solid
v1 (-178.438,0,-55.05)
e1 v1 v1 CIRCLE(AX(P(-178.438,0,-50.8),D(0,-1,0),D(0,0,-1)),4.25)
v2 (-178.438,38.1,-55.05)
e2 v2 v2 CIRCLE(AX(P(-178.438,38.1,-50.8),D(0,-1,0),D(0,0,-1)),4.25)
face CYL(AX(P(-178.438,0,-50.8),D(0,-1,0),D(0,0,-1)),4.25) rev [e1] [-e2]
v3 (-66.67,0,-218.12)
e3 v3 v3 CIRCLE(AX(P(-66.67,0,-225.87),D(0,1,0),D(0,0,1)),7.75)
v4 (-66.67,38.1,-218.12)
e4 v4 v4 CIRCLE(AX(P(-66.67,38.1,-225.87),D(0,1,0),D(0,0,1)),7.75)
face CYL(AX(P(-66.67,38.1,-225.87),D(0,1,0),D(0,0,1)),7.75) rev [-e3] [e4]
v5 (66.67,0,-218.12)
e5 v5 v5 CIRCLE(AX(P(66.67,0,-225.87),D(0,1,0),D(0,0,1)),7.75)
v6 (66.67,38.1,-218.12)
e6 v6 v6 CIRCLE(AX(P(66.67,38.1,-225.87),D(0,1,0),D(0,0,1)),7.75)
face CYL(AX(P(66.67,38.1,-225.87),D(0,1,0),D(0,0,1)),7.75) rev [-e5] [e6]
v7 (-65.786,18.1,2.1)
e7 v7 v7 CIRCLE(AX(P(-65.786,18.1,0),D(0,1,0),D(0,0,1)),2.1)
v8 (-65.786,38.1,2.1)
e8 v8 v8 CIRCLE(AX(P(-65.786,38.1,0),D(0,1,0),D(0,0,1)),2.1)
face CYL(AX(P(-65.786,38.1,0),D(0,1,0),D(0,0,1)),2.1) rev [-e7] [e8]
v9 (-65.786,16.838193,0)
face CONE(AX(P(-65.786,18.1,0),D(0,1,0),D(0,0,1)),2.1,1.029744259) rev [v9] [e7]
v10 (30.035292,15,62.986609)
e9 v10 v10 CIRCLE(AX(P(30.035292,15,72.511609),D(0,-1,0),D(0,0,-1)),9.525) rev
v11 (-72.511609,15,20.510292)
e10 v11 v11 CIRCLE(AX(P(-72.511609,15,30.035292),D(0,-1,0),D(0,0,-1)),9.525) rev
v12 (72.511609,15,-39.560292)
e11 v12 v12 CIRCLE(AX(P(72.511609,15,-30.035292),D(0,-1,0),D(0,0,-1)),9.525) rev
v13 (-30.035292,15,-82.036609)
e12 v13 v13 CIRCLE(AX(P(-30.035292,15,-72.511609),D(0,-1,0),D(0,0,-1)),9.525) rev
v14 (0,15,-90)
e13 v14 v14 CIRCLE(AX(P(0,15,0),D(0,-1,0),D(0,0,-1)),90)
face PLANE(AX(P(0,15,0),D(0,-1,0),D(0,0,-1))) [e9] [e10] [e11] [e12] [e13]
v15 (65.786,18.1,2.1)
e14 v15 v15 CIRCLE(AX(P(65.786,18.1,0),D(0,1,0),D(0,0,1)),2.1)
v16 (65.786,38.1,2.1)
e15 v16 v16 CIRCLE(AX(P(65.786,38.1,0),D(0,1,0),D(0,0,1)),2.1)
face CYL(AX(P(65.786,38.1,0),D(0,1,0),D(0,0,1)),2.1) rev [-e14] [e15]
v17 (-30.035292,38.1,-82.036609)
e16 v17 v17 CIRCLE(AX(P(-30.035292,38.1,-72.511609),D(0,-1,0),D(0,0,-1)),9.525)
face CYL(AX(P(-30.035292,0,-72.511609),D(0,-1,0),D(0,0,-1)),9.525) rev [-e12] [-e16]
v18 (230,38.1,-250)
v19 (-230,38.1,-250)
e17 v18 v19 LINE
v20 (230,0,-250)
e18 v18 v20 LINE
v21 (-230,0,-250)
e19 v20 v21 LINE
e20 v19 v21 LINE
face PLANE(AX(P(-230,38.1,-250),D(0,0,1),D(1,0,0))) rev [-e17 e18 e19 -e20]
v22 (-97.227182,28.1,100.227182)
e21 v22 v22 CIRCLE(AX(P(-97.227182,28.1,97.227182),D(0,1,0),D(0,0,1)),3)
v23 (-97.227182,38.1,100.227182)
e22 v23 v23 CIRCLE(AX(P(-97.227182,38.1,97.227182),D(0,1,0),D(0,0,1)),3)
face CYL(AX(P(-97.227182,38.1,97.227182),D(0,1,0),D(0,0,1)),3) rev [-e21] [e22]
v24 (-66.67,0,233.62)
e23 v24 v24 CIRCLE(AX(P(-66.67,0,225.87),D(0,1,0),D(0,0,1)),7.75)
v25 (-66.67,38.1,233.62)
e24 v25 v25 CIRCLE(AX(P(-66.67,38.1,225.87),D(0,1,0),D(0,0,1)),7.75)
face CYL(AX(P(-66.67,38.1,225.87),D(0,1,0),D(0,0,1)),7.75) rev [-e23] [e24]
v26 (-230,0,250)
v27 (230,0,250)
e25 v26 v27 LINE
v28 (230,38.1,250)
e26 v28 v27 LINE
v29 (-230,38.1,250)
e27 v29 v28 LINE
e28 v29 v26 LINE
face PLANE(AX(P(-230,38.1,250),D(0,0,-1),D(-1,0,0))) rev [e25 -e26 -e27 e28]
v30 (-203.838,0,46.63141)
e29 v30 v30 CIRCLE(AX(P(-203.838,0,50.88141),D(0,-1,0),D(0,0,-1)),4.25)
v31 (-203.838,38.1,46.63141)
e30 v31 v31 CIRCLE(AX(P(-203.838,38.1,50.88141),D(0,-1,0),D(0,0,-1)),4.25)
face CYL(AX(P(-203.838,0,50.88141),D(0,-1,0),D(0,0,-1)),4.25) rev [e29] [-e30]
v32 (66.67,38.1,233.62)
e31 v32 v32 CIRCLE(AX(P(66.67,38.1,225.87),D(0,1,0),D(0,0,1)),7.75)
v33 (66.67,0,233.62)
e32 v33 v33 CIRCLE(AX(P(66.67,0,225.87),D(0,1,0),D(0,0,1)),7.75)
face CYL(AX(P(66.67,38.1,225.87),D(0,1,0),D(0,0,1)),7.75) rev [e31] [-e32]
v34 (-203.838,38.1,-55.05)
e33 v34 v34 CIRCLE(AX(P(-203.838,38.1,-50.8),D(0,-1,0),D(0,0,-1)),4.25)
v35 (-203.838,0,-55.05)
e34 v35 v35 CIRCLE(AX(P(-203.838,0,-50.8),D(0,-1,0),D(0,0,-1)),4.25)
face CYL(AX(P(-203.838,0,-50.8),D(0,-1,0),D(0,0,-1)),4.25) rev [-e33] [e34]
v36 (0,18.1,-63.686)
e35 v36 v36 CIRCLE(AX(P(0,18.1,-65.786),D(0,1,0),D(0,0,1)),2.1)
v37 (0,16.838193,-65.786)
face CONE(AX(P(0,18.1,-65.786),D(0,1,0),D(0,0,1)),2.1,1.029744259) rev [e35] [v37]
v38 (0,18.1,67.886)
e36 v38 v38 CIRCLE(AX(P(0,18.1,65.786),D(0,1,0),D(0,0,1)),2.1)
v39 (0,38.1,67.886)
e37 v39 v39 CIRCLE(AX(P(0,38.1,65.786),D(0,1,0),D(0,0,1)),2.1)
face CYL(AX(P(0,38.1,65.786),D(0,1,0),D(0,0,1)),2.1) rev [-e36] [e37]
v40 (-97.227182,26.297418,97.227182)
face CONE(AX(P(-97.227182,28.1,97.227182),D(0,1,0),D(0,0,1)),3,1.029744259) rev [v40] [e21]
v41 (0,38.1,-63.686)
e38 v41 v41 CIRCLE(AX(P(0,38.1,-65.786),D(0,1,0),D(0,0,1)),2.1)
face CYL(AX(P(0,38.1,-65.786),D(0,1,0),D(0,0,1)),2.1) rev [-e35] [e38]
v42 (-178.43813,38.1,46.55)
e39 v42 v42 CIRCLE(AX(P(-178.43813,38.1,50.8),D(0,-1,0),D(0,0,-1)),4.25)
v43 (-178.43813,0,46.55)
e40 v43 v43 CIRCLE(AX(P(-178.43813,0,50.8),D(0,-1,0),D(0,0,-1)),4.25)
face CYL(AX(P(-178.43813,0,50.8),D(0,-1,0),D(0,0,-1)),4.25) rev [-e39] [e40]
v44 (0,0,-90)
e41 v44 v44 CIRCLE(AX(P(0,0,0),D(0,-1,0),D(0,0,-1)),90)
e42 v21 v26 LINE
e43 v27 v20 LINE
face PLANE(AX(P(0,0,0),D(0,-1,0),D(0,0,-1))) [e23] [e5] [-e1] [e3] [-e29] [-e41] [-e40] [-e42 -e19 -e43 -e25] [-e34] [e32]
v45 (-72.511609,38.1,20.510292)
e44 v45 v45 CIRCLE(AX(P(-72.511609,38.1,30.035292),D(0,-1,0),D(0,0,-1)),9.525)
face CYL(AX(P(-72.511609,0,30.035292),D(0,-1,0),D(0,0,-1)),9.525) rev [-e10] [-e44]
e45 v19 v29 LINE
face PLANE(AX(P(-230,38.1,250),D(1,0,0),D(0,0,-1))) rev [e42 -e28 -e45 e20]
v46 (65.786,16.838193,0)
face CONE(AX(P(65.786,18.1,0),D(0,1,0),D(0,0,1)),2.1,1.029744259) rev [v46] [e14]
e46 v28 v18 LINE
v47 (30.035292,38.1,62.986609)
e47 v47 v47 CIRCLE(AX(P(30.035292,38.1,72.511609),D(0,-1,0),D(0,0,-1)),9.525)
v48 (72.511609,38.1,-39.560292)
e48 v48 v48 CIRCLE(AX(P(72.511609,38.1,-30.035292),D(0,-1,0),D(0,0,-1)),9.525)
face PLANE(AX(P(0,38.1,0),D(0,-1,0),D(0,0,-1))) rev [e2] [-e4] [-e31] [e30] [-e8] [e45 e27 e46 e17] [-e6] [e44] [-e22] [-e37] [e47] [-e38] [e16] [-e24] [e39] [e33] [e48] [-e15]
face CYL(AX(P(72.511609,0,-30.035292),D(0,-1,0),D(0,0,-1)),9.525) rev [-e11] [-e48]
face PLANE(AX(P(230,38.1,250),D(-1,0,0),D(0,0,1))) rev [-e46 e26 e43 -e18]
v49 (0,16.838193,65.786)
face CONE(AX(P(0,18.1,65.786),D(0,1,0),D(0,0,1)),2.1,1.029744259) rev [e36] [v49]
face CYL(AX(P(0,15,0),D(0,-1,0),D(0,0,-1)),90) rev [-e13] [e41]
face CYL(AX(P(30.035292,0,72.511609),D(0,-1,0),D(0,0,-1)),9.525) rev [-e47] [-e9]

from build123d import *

# Parameters (mm, degrees)
SKETCH1_W                       = 460
SKETCH1_H                       = 500
BOSS_EXTRUDE1_DEPTH             = 38.1
TAP_DRILL_FOR_M5X0_8_TAP1_D     = 4.2
TAP_DRILL_FOR_M5X0_8_TAP1_DEPTH = 20
TAP_DRILL_FOR_M5X0_8_TAP1_TIP   = 1.2618073
F_3_4_0_7500_DOWEL_HOLE1_D      = 19.05
SKETCH13_R                      = 90
CUT_EXTRUDE4_DEPTH              = 15
M14_CLEARANCE_HOLE1_D           = 15.5
TAP_DRILL_FOR_M10X1_5_TAP1_D    = 8.5
F_6_0MM_DOWEL_HOLE1_D           = 6
F_6_0MM_DOWEL_HOLE1_DEPTH       = 10
F_6_0MM_DOWEL_HOLE1_TIP         = 1.802581857


with BuildPart() as part:
    # Sketch1 → Boss-Extrude1 (new body)
    with BuildSketch(Plane(origin=(0, 0, 0), x_dir=(1, 0, 0), z_dir=(0, 1, 0))):
        Rectangle(SKETCH1_W, SKETCH1_H)
    extrude(amount=BOSS_EXTRUDE1_DEPTH)

    # Tap Drill for M5x0.8 Tap1
    with Locations(Plane(origin=(0, 38.1, 0), x_dir=(1, 0, 0), z_dir=(0, 1, 0))):
        with Locations((0, 65.786), (65.786, 0), (0, -65.786), (-65.786, 0)):
            Hole(TAP_DRILL_FOR_M5X0_8_TAP1_D / 2, depth=TAP_DRILL_FOR_M5X0_8_TAP1_DEPTH)
            with Locations((0, 0, -(TAP_DRILL_FOR_M5X0_8_TAP1_DEPTH + TAP_DRILL_FOR_M5X0_8_TAP1_TIP / 2))):  # 118° drill point
                Cone(0, TAP_DRILL_FOR_M5X0_8_TAP1_D / 2, TAP_DRILL_FOR_M5X0_8_TAP1_TIP, mode=Mode.SUBTRACT)

    # 3/4 (0.7500) Dowel Hole1 (through all)
    with Locations(Plane(origin=(0, 0, 0), x_dir=(-1, 0, 0), z_dir=(0, -1, 0))):
        with Locations((72.511608989, -30.035291873), (-30.035291873, -72.511608989), (30.035291873, 72.511608989), (-72.511608989, 30.035291873)):
            Hole(F_3_4_0_7500_DOWEL_HOLE1_D / 2)

    # Sketch13 → Cut-Extrude4 (cut)
    with BuildSketch(Plane.XZ):
        Circle(SKETCH13_R)
    extrude(amount=-CUT_EXTRUDE4_DEPTH, mode=Mode.SUBTRACT)

    # M14 Clearance Hole1 (through all)
    with Locations(Plane(origin=(0, 38.1, 0), x_dir=(1, 0, 0), z_dir=(0, 1, 0))):
        with Locations((66.67, -225.87), (-66.67, -225.87), (-66.67, 225.87), (66.67, 225.87)):
            Hole(M14_CLEARANCE_HOLE1_D / 2)

    # Tap Drill for M10x1.5 Tap1 (through all)
    with Locations(Plane(origin=(0, 0, 0), x_dir=(-1, 0, 0), z_dir=(0, -1, 0))):
        with Locations((178.438, 50.8), (203.838, 50.8), (178.438130466, -50.8), (203.838, -50.881410466)):
            Hole(TAP_DRILL_FOR_M10X1_5_TAP1_D / 2)

    # Ø6.0mm Dowel Hole1
    with Locations(Plane(origin=(0, 38.1, 0), x_dir=(1, 0, 0), z_dir=(0, 1, 0))):
        with Locations((-97.227182413, -97.227182413)):
            Hole(F_6_0MM_DOWEL_HOLE1_D / 2, depth=F_6_0MM_DOWEL_HOLE1_DEPTH)
            with Locations((0, 0, -(F_6_0MM_DOWEL_HOLE1_DEPTH + F_6_0MM_DOWEL_HOLE1_TIP / 2))):  # 118° drill point
                Cone(0, F_6_0MM_DOWEL_HOLE1_D / 2, F_6_0MM_DOWEL_HOLE1_TIP, mode=Mode.SUBTRACT)


solid = part.part
